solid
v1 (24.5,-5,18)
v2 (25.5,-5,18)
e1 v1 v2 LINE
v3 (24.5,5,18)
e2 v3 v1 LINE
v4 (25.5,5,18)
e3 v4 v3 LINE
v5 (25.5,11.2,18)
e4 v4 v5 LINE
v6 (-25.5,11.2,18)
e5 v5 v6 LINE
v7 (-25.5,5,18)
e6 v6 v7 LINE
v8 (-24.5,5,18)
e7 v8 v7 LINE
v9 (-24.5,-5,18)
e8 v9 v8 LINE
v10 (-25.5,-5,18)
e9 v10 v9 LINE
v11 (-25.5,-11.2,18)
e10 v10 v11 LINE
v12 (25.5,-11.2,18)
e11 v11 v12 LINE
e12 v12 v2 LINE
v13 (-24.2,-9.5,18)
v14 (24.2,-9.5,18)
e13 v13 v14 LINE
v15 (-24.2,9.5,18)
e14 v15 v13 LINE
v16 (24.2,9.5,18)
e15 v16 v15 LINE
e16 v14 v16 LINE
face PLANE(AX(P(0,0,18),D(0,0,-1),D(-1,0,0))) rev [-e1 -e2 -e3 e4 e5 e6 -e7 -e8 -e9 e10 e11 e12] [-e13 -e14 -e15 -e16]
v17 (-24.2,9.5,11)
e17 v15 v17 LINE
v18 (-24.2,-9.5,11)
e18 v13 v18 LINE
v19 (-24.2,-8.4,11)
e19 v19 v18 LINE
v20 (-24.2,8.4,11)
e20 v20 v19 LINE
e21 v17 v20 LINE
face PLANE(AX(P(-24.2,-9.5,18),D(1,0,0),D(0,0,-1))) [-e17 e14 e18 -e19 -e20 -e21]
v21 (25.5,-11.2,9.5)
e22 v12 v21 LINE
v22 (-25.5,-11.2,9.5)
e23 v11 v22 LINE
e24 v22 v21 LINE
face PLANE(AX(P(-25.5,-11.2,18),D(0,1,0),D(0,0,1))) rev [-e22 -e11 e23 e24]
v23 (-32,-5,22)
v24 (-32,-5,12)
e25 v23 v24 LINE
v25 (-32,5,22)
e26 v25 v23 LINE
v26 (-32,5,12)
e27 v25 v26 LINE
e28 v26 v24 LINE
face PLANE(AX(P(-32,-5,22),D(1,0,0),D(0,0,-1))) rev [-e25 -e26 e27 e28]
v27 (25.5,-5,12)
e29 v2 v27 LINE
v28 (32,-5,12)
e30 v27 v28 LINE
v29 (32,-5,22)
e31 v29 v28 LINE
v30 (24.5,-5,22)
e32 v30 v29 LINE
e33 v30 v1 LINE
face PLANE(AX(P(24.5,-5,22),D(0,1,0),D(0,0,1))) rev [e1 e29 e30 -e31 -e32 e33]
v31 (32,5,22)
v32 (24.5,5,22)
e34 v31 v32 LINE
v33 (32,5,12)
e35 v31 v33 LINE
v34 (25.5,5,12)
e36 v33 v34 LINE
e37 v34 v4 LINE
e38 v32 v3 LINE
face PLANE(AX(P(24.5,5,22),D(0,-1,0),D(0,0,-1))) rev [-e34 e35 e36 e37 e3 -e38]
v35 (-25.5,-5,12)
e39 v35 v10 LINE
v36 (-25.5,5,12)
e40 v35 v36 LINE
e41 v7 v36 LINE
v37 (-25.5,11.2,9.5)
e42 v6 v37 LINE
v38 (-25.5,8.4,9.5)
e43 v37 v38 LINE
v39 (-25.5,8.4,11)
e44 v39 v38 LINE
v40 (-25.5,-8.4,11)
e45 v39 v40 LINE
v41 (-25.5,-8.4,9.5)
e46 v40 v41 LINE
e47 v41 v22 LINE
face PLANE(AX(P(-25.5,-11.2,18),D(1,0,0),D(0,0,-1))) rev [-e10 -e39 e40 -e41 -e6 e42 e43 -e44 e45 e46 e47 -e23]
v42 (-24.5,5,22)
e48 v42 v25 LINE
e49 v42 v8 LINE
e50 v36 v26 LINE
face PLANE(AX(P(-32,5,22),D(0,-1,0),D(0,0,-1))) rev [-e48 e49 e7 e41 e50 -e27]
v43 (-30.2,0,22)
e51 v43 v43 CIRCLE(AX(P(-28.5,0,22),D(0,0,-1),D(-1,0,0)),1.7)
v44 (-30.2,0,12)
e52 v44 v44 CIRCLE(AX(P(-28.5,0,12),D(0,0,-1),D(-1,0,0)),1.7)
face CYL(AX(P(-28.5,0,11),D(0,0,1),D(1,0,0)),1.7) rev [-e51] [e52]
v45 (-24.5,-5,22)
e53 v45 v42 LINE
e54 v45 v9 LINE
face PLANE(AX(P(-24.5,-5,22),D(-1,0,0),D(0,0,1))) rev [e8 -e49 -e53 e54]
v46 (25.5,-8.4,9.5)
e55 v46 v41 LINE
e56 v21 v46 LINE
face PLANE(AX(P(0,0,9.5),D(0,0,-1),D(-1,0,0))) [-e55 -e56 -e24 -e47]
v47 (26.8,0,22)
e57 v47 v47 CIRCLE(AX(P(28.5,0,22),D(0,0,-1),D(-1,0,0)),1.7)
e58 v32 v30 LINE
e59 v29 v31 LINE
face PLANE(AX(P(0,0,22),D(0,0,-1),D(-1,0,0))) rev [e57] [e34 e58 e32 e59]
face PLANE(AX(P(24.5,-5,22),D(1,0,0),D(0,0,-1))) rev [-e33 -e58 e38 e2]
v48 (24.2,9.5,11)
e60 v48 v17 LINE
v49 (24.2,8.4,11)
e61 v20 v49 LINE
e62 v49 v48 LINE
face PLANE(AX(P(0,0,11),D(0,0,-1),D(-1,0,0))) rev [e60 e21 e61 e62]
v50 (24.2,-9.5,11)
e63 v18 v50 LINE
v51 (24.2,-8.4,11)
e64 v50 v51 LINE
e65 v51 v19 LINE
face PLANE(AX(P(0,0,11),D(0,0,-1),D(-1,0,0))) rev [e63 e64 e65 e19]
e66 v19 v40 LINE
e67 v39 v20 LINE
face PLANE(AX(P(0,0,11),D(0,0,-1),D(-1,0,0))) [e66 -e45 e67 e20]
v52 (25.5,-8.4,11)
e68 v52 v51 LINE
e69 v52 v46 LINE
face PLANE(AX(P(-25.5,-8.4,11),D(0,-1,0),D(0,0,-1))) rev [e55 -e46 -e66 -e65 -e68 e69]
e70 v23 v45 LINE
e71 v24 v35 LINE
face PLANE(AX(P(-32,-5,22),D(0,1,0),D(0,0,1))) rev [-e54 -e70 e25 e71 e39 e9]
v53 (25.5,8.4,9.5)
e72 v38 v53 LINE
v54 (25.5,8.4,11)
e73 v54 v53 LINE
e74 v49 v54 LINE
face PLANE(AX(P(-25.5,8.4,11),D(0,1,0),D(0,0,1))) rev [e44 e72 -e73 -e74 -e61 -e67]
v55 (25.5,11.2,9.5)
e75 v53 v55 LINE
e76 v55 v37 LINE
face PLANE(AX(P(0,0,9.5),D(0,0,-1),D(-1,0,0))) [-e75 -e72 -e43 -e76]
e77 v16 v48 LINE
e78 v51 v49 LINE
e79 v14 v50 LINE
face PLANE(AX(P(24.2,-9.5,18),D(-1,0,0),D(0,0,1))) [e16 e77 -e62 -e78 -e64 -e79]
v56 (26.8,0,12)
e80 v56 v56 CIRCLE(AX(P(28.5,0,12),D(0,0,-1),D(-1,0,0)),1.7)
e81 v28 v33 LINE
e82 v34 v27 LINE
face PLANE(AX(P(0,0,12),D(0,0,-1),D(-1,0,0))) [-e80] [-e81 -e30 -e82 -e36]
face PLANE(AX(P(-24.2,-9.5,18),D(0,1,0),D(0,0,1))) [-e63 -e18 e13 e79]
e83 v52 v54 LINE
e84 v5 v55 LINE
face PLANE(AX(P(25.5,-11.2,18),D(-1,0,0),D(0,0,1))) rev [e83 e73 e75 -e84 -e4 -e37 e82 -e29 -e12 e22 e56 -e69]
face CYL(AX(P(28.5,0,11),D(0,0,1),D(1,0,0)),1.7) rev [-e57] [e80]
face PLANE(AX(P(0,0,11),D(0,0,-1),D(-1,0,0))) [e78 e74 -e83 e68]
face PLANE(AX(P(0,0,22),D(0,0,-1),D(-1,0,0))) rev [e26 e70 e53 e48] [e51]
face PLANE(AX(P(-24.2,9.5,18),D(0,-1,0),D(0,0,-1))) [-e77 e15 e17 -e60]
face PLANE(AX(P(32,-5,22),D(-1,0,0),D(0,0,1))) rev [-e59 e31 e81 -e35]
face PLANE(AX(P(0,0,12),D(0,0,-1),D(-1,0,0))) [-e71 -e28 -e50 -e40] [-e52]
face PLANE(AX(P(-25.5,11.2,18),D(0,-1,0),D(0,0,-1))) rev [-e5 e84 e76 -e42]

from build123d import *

# Parameters (mm, degrees)
GRAY_HOUSING_PERIMETER_RETENTION_START = 11
SKETCH_1_W                             = 51
SKETCH_1_H                             = 22.4
SKETCH_1_W_2                           = 48.4
SKETCH_1_H_2                           = 19
GRAY_HOUSING_PERIMETER_RETENTION_DEPTH = 7
GRAY_LOWER_EDGE_RETAINING_LIPS_START   = 9.5
SKETCH_2_W                             = 51
SKETCH_2_H                             = 2.8
GRAY_LOWER_EDGE_RETAINING_LIPS_DEPTH   = 1.5
GRAY_MOUNTING_ENDS_TO_DECK_START       = 12
SKETCH_5_W                             = 7.5
SKETCH_5_H                             = 10
GRAY_MOUNTING_ENDS_TO_DECK_DEPTH       = 10
GRAY_M3_MOUNTS_START                   = 23
SKETCH_6_R                             = 1.7
GRAY_M3_MOUNTS_DEPTH                   = 12


with BuildPart() as part:
    # 草图1 → Gray_housing_perimeter_retention (new body)
    with BuildSketch(Plane.XY.offset(GRAY_HOUSING_PERIMETER_RETENTION_START)):
        Rectangle(SKETCH_1_W, SKETCH_1_H)
        Rectangle(SKETCH_1_W_2, SKETCH_1_H_2, mode=Mode.SUBTRACT)
    extrude(amount=GRAY_HOUSING_PERIMETER_RETENTION_DEPTH)

    # 草图2 → Gray_lower_edge_retaining_lips (add)
    with BuildSketch(Plane.XY.offset(GRAY_LOWER_EDGE_RETAINING_LIPS_START)):
        with Locations((0, -9.8)):
            Rectangle(SKETCH_2_W, SKETCH_2_H)
        with Locations((0, 9.8)):
            Rectangle(SKETCH_2_W, SKETCH_2_H)
    extrude(amount=GRAY_LOWER_EDGE_RETAINING_LIPS_DEPTH)

    # 草图5 → Gray_mounting_ends_to_deck (add)
    with BuildSketch(Plane.XY.offset(GRAY_MOUNTING_ENDS_TO_DECK_START)):
        with Locations((-28.25, 0)):
            Rectangle(SKETCH_5_W, SKETCH_5_H)
        with Locations((28.25, 0)):
            Rectangle(SKETCH_5_W, SKETCH_5_H)
    extrude(amount=GRAY_MOUNTING_ENDS_TO_DECK_DEPTH)

    # 草图6 → Gray_M3_mounts (cut)
    with BuildSketch(Plane.XY.offset(GRAY_M3_MOUNTS_START)):
        with Locations(Location((-28.5, 0, 0), (0, 0, 180))):
            Circle(SKETCH_6_R)
        with Locations(Location((28.5, 0, 0), (0, 0, 180))):
            Circle(SKETCH_6_R)
    extrude(amount=-GRAY_M3_MOUNTS_DEPTH, mode=Mode.SUBTRACT)


solid = part.part
